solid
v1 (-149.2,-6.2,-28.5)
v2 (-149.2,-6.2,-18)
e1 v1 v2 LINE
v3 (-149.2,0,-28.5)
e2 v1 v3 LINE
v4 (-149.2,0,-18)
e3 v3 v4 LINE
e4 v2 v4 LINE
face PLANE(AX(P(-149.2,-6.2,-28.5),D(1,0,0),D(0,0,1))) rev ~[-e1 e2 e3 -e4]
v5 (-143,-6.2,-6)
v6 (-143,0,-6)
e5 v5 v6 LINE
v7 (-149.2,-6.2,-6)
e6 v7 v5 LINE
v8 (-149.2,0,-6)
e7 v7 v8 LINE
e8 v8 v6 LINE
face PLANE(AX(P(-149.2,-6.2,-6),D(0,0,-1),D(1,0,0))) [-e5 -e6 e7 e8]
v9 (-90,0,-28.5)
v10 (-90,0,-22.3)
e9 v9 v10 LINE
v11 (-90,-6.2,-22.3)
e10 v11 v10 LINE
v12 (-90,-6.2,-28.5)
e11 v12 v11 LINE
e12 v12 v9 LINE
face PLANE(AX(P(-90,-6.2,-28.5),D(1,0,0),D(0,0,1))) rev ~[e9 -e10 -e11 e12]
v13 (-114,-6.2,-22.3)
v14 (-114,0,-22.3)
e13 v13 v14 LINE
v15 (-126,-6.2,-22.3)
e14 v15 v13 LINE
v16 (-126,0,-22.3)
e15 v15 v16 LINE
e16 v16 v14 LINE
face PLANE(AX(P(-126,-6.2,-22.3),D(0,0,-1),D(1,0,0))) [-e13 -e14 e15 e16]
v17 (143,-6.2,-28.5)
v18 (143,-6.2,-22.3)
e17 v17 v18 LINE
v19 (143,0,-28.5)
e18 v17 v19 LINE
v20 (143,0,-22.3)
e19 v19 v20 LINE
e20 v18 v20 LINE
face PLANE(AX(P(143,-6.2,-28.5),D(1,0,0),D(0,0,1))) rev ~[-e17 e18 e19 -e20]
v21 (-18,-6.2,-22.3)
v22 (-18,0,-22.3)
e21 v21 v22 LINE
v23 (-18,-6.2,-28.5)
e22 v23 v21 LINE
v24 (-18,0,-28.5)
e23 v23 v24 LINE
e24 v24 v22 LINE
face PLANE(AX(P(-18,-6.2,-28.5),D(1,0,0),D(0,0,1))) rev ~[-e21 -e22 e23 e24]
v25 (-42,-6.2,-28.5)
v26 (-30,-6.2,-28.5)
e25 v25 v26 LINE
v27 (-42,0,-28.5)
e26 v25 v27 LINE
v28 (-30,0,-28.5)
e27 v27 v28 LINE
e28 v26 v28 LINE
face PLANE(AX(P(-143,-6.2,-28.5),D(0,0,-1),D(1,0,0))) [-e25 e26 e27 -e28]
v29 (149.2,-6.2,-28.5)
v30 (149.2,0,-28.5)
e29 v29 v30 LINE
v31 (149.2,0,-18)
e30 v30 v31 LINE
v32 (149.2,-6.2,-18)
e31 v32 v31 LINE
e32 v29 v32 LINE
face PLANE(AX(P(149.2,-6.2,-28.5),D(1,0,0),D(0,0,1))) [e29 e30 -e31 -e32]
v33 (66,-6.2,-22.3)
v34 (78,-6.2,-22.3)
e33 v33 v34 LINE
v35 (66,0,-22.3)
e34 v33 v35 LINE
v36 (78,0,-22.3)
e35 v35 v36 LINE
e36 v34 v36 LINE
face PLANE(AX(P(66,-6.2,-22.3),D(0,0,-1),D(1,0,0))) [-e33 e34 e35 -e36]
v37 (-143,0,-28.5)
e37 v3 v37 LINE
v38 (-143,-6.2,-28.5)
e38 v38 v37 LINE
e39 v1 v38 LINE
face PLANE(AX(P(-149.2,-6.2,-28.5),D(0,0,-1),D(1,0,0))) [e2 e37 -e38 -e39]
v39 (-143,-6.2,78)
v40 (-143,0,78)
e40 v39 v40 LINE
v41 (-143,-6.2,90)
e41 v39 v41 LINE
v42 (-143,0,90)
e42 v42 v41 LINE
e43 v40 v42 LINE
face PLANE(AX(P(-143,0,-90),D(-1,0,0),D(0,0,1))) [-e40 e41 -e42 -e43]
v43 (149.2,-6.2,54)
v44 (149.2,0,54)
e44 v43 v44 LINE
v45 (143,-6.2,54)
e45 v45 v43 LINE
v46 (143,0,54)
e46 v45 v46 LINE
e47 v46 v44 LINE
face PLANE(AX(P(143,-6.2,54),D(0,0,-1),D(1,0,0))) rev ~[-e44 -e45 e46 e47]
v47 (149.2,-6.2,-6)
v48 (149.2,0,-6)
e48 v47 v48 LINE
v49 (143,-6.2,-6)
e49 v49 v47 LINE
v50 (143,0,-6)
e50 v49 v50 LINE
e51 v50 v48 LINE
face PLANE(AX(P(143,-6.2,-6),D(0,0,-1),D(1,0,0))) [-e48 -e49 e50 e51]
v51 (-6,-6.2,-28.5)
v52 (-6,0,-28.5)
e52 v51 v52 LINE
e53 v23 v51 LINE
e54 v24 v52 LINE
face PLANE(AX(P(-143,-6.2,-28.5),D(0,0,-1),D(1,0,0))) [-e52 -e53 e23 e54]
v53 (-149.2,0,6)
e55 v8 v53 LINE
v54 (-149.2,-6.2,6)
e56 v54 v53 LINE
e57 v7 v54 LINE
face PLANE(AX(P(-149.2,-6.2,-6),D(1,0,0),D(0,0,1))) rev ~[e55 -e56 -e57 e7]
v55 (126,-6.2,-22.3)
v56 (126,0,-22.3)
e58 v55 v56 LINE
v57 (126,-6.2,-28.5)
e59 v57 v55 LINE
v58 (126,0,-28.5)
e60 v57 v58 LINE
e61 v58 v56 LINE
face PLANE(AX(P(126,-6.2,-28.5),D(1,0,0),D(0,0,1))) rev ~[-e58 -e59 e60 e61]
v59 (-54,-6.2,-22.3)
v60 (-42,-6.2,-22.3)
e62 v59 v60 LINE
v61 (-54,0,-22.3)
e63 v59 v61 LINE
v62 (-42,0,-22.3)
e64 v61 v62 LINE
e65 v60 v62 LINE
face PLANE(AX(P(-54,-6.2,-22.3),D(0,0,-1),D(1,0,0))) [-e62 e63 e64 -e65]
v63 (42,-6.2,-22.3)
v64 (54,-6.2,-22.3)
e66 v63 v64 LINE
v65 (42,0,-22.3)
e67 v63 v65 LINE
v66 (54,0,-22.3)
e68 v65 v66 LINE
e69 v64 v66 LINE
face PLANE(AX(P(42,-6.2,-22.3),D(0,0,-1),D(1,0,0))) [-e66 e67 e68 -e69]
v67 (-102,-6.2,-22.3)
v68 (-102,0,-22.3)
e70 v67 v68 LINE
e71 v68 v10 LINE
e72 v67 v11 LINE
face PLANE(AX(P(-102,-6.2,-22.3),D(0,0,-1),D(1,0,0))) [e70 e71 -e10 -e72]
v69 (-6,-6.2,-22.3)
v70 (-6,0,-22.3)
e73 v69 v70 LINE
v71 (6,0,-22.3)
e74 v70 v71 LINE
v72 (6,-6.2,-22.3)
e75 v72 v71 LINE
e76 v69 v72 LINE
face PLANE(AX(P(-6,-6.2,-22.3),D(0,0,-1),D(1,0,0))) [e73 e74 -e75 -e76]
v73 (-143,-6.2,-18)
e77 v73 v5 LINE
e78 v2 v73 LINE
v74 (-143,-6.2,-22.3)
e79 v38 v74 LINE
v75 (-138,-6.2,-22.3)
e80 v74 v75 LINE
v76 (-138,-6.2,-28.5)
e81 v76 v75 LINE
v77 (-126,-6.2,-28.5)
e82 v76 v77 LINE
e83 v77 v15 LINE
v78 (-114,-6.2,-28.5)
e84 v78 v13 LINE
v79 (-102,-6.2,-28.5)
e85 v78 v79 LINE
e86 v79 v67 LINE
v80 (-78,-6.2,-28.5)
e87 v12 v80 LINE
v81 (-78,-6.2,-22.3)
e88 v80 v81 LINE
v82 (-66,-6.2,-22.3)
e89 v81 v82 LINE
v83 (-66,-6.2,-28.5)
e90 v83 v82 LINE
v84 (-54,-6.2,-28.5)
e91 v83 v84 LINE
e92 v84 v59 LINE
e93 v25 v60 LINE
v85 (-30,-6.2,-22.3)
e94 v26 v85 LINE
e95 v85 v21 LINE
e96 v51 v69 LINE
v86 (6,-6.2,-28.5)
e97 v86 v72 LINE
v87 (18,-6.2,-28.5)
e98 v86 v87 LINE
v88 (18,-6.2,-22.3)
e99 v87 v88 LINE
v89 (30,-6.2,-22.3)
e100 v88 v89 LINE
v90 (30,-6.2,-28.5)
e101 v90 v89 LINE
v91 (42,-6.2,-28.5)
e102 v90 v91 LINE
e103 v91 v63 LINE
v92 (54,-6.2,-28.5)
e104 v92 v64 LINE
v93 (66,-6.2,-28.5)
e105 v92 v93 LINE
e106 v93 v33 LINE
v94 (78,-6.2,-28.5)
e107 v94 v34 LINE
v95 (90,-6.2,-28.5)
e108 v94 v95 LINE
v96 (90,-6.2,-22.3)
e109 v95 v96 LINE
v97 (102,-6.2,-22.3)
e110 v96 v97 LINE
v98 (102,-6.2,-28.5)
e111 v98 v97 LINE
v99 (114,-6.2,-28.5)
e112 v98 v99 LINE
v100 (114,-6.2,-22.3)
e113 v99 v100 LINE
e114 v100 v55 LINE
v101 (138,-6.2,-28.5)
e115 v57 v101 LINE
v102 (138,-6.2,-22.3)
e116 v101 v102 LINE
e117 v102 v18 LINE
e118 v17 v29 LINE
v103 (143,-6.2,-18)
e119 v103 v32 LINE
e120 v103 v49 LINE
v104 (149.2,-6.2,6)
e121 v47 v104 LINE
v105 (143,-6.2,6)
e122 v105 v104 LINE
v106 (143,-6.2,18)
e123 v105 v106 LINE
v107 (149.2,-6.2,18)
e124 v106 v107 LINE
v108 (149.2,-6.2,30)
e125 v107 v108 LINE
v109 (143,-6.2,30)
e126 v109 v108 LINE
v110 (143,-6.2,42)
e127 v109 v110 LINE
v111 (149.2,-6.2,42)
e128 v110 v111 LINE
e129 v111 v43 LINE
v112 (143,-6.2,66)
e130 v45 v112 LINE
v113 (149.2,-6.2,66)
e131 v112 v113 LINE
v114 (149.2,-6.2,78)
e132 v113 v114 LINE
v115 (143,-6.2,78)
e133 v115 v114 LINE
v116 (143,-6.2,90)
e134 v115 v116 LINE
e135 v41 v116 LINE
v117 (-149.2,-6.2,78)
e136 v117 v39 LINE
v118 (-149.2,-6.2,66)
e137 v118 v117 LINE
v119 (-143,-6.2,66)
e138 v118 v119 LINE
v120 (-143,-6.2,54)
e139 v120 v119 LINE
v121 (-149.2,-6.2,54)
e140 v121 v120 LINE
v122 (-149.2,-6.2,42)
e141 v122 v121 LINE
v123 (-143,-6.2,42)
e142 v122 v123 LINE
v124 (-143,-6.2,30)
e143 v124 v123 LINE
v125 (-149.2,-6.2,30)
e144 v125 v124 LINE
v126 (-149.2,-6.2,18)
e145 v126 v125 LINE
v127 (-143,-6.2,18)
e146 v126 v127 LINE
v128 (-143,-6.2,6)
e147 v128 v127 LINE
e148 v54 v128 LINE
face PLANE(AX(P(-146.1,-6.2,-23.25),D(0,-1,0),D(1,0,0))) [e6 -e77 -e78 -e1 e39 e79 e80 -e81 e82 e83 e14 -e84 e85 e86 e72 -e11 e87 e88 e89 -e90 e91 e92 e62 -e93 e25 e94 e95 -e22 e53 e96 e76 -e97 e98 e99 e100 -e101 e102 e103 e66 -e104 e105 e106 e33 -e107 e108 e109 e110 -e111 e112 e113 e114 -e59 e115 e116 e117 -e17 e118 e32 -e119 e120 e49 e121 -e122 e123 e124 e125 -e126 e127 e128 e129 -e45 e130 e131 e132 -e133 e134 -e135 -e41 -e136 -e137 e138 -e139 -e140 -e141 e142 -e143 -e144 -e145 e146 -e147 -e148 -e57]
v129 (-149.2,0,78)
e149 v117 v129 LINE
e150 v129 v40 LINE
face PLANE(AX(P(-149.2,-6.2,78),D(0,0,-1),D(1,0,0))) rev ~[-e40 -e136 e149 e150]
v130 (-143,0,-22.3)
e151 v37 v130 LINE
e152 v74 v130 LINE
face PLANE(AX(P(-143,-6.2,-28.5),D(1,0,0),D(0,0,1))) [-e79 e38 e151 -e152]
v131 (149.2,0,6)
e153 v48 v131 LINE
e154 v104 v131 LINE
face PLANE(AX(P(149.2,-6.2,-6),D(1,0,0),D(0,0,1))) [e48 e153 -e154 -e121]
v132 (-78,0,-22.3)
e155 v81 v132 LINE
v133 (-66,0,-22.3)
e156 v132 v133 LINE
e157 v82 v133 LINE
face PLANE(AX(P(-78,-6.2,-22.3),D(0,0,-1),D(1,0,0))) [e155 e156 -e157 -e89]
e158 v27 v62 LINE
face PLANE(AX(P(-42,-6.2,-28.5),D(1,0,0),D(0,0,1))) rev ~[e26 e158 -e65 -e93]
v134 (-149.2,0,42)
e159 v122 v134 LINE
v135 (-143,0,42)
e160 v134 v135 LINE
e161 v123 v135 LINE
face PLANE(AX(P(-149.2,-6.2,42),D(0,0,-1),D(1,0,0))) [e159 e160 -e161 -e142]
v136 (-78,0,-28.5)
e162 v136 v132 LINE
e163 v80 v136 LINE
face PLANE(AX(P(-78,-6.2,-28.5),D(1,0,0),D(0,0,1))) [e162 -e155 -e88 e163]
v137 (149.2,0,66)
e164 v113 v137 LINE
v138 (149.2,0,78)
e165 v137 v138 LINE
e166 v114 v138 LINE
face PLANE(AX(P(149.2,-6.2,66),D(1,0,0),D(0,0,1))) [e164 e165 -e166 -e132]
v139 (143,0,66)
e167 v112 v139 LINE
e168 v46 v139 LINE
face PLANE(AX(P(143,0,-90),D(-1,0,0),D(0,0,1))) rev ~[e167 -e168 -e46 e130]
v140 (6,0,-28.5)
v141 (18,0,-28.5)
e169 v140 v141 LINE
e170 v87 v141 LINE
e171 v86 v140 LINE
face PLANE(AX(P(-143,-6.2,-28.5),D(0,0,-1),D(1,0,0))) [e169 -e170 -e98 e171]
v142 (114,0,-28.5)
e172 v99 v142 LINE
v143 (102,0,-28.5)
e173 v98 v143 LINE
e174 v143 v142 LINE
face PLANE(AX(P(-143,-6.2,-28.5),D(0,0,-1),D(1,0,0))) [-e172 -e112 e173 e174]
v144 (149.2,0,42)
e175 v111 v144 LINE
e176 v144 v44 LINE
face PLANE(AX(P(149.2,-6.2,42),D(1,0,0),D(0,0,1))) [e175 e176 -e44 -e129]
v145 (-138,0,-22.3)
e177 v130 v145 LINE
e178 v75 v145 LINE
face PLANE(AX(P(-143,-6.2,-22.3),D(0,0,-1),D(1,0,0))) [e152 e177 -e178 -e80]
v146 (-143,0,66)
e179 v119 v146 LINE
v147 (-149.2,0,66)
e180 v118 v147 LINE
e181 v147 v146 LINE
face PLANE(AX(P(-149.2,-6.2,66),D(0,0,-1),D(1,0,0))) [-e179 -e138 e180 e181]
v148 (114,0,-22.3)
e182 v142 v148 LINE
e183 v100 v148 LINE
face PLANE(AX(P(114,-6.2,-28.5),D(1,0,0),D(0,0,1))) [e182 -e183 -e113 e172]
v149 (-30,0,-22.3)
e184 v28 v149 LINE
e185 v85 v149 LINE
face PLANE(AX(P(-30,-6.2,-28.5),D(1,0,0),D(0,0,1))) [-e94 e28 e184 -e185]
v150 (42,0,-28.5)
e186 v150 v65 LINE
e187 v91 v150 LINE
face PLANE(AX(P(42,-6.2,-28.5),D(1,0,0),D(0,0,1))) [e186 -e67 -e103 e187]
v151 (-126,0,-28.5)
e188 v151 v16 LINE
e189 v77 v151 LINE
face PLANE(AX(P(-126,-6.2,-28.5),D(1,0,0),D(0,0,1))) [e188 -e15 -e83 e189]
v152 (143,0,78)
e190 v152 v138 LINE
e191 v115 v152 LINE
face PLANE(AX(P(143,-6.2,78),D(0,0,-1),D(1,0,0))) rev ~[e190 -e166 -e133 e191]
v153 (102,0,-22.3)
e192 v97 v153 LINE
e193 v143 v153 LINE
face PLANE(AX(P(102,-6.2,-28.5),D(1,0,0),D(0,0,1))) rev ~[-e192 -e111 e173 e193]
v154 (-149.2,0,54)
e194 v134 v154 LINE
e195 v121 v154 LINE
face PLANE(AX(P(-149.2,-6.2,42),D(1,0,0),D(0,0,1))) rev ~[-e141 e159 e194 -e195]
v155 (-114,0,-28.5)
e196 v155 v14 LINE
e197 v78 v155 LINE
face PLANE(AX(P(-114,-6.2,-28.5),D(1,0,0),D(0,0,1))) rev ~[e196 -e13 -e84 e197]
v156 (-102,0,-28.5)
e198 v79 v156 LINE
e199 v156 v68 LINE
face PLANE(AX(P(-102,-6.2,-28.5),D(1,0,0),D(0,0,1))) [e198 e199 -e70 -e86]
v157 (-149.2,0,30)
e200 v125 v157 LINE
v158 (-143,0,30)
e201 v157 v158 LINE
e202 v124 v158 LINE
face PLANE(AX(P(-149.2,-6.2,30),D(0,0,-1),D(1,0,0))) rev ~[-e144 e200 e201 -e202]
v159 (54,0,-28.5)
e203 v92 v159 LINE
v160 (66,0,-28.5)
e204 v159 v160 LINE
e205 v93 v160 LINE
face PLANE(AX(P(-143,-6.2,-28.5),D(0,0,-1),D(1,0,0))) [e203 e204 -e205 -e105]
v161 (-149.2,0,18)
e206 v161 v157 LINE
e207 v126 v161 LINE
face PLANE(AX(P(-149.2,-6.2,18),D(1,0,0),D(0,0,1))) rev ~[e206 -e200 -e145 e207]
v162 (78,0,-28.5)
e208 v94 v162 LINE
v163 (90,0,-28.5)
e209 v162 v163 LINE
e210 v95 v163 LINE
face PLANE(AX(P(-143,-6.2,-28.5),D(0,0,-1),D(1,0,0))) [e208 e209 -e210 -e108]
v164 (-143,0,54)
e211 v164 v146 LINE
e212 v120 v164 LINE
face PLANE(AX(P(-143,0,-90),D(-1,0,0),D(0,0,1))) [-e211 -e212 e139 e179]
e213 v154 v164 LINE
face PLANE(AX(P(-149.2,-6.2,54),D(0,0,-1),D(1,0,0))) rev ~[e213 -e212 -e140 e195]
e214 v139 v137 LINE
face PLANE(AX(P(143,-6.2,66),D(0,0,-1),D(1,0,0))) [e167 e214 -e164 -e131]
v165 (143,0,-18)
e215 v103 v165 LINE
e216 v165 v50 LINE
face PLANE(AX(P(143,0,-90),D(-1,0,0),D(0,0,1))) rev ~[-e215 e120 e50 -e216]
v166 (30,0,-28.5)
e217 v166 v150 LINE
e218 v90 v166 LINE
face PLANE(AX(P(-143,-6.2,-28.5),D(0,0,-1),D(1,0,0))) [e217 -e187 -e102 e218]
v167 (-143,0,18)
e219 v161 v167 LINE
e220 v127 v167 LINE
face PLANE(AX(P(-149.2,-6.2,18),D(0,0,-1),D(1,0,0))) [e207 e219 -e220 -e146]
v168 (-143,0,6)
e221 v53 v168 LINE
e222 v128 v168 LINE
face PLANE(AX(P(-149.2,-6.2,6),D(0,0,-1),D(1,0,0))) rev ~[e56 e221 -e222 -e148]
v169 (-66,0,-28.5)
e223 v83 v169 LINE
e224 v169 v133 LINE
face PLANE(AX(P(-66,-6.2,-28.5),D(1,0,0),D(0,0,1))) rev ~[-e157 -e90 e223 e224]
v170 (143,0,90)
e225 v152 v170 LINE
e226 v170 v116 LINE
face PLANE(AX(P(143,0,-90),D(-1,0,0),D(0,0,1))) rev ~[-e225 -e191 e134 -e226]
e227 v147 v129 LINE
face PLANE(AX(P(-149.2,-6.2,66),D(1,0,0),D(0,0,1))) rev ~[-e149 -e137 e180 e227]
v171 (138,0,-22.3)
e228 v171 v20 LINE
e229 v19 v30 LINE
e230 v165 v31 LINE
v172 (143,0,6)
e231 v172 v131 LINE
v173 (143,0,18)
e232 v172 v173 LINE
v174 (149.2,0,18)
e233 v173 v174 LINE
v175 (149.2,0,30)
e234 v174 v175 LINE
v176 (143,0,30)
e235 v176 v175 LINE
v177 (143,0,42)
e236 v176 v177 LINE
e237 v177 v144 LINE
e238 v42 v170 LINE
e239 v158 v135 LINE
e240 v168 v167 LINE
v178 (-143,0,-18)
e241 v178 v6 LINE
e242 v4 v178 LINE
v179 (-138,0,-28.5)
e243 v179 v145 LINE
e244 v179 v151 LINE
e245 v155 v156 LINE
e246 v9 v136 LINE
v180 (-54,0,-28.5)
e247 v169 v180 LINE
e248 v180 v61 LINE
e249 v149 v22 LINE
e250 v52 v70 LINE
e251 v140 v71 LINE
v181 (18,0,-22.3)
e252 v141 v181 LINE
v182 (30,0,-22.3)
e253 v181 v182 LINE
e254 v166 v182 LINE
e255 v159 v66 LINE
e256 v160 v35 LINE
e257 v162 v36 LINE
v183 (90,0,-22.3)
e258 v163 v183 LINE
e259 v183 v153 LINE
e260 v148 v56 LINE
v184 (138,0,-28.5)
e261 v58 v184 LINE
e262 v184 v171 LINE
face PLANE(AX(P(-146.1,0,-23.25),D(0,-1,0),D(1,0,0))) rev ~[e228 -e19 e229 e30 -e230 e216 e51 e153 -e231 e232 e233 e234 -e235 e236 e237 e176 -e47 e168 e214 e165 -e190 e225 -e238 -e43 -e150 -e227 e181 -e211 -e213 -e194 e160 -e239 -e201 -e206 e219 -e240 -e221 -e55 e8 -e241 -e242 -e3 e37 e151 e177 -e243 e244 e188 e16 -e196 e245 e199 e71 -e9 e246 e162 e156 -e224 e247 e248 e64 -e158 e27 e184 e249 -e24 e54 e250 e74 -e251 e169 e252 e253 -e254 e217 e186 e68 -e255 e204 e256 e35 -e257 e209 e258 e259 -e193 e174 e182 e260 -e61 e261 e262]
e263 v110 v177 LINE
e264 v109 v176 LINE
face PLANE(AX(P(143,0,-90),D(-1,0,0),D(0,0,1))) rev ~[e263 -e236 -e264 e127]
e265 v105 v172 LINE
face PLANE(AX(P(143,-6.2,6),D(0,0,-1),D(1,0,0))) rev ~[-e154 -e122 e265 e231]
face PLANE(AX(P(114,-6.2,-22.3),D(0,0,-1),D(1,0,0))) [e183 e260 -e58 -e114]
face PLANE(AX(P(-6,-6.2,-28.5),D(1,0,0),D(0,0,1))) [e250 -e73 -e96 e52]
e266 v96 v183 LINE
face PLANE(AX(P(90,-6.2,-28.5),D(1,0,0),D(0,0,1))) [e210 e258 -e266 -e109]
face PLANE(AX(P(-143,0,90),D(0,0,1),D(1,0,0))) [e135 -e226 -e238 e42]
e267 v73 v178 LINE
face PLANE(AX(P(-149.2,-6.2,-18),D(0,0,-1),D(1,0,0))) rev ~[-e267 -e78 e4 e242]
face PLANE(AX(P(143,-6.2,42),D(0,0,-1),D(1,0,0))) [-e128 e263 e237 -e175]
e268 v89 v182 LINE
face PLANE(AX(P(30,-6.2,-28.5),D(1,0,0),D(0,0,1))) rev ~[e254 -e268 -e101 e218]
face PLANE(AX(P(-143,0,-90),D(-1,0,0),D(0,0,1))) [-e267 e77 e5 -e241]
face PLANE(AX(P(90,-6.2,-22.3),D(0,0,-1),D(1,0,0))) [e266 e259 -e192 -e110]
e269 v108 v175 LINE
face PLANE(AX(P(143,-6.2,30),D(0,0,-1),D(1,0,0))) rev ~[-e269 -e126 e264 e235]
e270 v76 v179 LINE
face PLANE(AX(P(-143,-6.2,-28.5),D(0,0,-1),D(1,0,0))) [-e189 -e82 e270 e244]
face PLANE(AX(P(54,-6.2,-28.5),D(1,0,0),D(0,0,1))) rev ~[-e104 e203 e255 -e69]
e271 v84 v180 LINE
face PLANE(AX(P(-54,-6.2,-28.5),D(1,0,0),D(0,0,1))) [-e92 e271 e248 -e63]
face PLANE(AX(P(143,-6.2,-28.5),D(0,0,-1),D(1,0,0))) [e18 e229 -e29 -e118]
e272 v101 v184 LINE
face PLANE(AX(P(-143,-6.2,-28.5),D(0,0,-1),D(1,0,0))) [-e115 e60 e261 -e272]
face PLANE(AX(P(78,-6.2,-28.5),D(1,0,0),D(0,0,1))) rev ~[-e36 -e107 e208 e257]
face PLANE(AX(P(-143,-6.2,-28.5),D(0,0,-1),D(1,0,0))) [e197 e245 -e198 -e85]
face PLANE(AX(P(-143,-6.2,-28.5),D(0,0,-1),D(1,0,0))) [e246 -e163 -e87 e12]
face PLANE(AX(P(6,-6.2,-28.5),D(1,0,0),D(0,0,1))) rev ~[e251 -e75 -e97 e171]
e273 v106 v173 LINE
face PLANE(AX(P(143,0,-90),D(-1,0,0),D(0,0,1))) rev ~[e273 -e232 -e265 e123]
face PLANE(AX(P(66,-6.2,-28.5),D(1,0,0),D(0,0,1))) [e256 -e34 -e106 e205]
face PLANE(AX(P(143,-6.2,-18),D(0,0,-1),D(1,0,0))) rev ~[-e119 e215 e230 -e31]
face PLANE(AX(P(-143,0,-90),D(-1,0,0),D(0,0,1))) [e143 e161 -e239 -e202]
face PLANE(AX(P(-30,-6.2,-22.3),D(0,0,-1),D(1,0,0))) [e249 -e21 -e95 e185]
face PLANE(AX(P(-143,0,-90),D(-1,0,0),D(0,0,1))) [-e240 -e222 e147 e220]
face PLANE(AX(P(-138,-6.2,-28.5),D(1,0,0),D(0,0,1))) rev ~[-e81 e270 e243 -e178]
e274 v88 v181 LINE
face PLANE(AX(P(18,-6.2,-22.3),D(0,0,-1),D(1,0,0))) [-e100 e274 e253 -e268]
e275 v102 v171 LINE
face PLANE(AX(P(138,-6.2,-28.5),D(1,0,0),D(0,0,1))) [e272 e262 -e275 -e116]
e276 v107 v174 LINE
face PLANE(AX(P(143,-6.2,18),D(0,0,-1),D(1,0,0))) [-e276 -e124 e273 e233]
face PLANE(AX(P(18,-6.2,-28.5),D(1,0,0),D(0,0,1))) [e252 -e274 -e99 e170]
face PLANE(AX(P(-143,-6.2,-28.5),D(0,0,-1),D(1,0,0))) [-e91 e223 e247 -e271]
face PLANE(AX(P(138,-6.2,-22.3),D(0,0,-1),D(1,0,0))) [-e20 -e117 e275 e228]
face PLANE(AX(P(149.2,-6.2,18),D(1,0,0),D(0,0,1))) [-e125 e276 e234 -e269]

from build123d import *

# Parameters (mm, degrees)
F0_W     = 286
F0_H     = 180
F1_DEPTH = 6.2
F2_W     = 12
F2_H     = 6.2
F2_W_2   = 5
F3_DEPTH = 6.201
F4_W     = 286
F4_H     = 61.5
F5_DEPTH = 6.201
F6_W     = 6.2
F6_H     = 12
F6_H_2   = 10.5
F7_DEPTH = 6.2


with BuildPart() as f1:
    # F0 (on Front) → F1 (new body)
    with BuildSketch(Plane.XZ):
        Rectangle(F0_W, F0_H)
    extrude(amount=F1_DEPTH)

    # F2 (on face) → F3 (cut, through all)
    with BuildSketch(Plane.XZ.offset(6.2)):
        with Locations((-120, -25.4)):
            Rectangle(F2_W, F2_H)
        with Locations((-96, -25.4)):
            Rectangle(F2_W, F2_H)
        with Locations((-72, -25.4)):
            Rectangle(F2_W, F2_H)
        with Locations((-48, -25.4)):
            Rectangle(F2_W, F2_H)
        with Locations((-24, -25.4)):
            Rectangle(F2_W, F2_H)
        with Locations((0, -25.4)):
            Rectangle(F2_W, F2_H)
        with Locations((24, -25.4)):
            Rectangle(F2_W, F2_H)
        with Locations((48, -25.4)):
            Rectangle(F2_W, F2_H)
        with Locations((72, -25.4)):
            Rectangle(F2_W, F2_H)
        with Locations((96, -25.4)):
            Rectangle(F2_W, F2_H)
        with Locations((120, -25.4)):
            Rectangle(F2_W, F2_H)
        with Locations((-140.5, -25.4)):
            Rectangle(F2_W_2, F2_H)
        with Locations((140.5, -25.4)):
            Rectangle(F2_W_2, F2_H)
    extrude(amount=-F3_DEPTH, mode=Mode.SUBTRACT)

    # F4 (on face) → F5 (cut, through all)
    with BuildSketch(Plane.XZ.offset(6.2)):
        with Locations((0, -59.25)):
            Rectangle(F4_W, F4_H)
    extrude(amount=-F5_DEPTH, mode=Mode.SUBTRACT)

    # F6 (on face) → F7 (join)
    with BuildSketch(Plane.XZ.offset(6.2)):
        with Locations((-146.1, 72)):
            Rectangle(F6_W, F6_H)
        with Locations((-146.1, 48)):
            Rectangle(F6_W, F6_H)
        with Locations((-146.1, 24)):
            Rectangle(F6_W, F6_H)
        with Locations((-146.1, 0)):
            Rectangle(F6_W, F6_H)
        with Locations((-146.1, -23.25)):
            Rectangle(F6_W, F6_H_2)
        with Locations((146.1, 48)):
            Rectangle(F6_W, F6_H)
        with Locations((146.1, 72)):
            Rectangle(F6_W, F6_H)
        with Locations((146.1, 24)):
            Rectangle(F6_W, F6_H)
        with Locations((146.1, 0)):
            Rectangle(F6_W, F6_H)
        with Locations((146.1, -23.25)):
            Rectangle(F6_W, F6_H_2)
    extrude(amount=-F7_DEPTH)


solid = f1.part
